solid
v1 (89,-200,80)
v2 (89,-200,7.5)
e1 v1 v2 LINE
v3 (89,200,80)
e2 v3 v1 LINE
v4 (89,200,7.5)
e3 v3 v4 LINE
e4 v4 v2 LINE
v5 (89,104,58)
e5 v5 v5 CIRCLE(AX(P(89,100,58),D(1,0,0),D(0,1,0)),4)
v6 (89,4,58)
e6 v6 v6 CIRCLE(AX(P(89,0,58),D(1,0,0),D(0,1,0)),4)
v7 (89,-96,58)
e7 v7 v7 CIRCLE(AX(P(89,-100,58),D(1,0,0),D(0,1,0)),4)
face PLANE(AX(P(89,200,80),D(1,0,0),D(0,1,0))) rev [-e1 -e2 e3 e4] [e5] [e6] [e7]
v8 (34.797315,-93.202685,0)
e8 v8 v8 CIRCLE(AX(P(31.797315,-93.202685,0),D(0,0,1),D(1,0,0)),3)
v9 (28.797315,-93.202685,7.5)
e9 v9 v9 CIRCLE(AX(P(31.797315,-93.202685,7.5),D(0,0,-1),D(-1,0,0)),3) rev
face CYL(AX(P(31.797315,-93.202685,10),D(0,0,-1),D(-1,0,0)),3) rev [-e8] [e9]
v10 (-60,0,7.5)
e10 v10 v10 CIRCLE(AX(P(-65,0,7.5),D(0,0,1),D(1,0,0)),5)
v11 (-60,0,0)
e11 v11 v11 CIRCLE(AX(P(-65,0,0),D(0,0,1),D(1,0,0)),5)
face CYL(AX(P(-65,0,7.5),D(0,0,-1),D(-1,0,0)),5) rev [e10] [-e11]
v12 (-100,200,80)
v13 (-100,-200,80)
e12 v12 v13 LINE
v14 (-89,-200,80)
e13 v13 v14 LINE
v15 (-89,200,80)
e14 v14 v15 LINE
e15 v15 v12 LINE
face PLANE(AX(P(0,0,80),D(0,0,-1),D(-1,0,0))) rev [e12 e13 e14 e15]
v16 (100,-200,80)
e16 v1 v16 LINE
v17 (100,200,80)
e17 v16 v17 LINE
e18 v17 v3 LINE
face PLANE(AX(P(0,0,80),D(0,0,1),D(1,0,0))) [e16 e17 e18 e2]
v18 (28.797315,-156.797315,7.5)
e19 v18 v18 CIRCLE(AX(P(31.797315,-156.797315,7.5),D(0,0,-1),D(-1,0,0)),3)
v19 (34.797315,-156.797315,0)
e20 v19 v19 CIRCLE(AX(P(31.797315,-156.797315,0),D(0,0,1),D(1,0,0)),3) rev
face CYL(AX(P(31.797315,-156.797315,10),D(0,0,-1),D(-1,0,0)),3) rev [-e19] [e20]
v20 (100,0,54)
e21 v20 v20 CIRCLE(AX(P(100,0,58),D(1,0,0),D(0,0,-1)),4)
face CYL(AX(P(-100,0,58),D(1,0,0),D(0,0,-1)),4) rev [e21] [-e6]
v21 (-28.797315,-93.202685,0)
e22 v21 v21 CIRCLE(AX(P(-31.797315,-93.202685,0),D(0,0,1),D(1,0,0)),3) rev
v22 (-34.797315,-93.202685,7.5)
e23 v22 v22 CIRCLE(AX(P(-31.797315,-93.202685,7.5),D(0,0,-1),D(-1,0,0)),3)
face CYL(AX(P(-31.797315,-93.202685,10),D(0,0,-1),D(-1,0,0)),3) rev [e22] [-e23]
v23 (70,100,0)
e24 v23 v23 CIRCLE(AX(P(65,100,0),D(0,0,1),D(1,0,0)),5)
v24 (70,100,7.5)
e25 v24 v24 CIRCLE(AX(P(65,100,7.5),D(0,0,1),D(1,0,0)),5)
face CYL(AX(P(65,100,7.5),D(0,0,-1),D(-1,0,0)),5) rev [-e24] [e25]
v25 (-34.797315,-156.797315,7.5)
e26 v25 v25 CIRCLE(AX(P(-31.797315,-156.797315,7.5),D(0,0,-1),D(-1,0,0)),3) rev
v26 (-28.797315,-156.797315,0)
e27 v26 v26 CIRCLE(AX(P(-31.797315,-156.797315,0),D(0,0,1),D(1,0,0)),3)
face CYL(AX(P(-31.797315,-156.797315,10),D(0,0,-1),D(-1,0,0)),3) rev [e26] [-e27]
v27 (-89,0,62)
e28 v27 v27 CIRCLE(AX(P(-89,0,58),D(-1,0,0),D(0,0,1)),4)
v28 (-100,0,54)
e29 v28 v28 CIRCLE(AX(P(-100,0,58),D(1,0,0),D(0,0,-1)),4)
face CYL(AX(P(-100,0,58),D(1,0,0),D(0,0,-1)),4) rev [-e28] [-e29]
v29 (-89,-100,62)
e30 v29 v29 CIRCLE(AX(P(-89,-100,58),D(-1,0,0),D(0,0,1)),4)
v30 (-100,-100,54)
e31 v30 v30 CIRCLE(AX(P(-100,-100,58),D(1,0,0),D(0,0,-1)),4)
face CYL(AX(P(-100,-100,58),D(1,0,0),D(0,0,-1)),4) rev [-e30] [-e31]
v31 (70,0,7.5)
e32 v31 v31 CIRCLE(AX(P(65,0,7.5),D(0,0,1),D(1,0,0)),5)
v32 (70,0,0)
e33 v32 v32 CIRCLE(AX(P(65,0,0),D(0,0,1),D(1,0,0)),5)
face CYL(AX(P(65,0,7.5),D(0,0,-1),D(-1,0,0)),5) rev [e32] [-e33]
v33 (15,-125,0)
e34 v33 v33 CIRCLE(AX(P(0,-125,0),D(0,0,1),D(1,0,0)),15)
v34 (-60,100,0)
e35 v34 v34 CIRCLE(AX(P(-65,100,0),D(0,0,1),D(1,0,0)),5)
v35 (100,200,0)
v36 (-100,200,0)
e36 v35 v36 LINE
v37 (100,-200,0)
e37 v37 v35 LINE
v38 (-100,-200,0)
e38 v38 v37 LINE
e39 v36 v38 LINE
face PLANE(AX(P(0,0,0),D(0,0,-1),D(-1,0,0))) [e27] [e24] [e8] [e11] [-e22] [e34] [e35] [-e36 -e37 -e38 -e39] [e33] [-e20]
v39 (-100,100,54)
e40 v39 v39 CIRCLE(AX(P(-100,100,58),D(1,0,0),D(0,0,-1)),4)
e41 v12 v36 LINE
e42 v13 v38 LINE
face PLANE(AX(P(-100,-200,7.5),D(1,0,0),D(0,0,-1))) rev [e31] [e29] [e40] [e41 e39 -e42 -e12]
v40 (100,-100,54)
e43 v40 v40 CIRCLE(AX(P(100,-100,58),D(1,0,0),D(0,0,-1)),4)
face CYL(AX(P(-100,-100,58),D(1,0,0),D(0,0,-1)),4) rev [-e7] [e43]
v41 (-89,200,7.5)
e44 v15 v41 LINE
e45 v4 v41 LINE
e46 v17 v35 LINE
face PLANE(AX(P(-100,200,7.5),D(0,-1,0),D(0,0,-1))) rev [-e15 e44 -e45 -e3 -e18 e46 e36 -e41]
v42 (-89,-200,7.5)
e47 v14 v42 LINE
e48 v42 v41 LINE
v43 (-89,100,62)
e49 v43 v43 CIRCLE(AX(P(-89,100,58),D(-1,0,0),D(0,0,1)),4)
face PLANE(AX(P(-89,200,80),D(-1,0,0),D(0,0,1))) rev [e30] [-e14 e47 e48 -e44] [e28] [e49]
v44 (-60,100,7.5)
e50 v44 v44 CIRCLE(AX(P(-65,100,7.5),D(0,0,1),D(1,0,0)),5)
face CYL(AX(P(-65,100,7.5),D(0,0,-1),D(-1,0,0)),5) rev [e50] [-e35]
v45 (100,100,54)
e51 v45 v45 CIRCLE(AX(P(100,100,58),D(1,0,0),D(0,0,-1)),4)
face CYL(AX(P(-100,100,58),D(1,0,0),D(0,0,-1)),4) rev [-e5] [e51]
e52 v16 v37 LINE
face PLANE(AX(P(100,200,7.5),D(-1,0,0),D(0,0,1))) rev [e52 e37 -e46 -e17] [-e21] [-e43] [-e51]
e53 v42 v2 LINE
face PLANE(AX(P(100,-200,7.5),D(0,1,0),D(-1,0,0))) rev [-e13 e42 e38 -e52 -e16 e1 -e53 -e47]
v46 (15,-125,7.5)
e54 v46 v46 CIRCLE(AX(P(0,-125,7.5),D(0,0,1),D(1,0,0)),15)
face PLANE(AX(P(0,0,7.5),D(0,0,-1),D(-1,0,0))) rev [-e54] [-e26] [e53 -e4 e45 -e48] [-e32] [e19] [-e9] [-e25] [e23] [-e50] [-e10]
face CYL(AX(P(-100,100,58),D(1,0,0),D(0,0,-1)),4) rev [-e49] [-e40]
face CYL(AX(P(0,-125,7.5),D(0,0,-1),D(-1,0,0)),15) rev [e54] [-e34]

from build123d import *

# Parameters (mm, degrees)
SKETCH1_W           = 200
SKETCH1_H           = 400
SKETCH1_R           = 15
SKETCH1_R_2         = 5
BOSS_EXTRUDE1_DEPTH = 7.5
SKETCH4_W           = 11
SKETCH4_H           = 400
BOSS_EXTRUDE4_DEPTH = 72.5
SKETCH5_R           = 4
CUT_EXTRUDE1_DEPTH  = 200
SKETCH6_R           = 3
CUT_EXTRUDE2_DEPTH  = 10


with BuildPart() as part:
    # Sketch1 → Boss-Extrude1 (new body)
    with BuildSketch(Plane.XY):
        Rectangle(SKETCH1_W, SKETCH1_H)
        with Locations((0, -125)):
            Circle(SKETCH1_R, mode=Mode.SUBTRACT)
        with Locations((-65, 0)):
            Circle(SKETCH1_R_2, mode=Mode.SUBTRACT)
        with Locations((-65, 100)):
            Circle(SKETCH1_R_2, mode=Mode.SUBTRACT)
        with Locations((65, 100)):
            Circle(SKETCH1_R_2, mode=Mode.SUBTRACT)
        with Locations((65, 0)):
            Circle(SKETCH1_R_2, mode=Mode.SUBTRACT)
    extrude(amount=BOSS_EXTRUDE1_DEPTH)

    # Sketch4 → Boss-Extrude4 (add)
    with BuildSketch(Plane.XY.offset(7.5)):
        with Locations((-94.5, 0)):
            Rectangle(SKETCH4_W, SKETCH4_H)
        with Locations((94.5, 0)):
            Rectangle(SKETCH4_W, SKETCH4_H)
    extrude(amount=BOSS_EXTRUDE4_DEPTH)

    # Sketch5 → Cut-Extrude1 (cut)
    with BuildSketch(Plane(origin=(100, 0, 0), x_dir=(0, 0, -1), z_dir=(1, 0, 0))):
        with Locations((-58, 100)):
            Circle(SKETCH5_R)
        with Locations((-58, 0)):
            Circle(SKETCH5_R)
        with Locations((-58, -100)):
            Circle(SKETCH5_R)
    extrude(amount=-CUT_EXTRUDE1_DEPTH, mode=Mode.SUBTRACT)

    # Sketch6 → Cut-Extrude2 (cut)
    with BuildSketch(Plane.XY):
        with Locations((31.797314882, -93.202685118)):
            Circle(SKETCH6_R)
        with Locations((-31.797314882, -93.202685118)):
            Circle(SKETCH6_R)
        with Locations((-31.797314882, -156.797314882)):
            Circle(SKETCH6_R)
        with Locations((31.797314882, -156.797314882)):
            Circle(SKETCH6_R)
    extrude(amount=CUT_EXTRUDE2_DEPTH, mode=Mode.SUBTRACT)


solid = part.part
